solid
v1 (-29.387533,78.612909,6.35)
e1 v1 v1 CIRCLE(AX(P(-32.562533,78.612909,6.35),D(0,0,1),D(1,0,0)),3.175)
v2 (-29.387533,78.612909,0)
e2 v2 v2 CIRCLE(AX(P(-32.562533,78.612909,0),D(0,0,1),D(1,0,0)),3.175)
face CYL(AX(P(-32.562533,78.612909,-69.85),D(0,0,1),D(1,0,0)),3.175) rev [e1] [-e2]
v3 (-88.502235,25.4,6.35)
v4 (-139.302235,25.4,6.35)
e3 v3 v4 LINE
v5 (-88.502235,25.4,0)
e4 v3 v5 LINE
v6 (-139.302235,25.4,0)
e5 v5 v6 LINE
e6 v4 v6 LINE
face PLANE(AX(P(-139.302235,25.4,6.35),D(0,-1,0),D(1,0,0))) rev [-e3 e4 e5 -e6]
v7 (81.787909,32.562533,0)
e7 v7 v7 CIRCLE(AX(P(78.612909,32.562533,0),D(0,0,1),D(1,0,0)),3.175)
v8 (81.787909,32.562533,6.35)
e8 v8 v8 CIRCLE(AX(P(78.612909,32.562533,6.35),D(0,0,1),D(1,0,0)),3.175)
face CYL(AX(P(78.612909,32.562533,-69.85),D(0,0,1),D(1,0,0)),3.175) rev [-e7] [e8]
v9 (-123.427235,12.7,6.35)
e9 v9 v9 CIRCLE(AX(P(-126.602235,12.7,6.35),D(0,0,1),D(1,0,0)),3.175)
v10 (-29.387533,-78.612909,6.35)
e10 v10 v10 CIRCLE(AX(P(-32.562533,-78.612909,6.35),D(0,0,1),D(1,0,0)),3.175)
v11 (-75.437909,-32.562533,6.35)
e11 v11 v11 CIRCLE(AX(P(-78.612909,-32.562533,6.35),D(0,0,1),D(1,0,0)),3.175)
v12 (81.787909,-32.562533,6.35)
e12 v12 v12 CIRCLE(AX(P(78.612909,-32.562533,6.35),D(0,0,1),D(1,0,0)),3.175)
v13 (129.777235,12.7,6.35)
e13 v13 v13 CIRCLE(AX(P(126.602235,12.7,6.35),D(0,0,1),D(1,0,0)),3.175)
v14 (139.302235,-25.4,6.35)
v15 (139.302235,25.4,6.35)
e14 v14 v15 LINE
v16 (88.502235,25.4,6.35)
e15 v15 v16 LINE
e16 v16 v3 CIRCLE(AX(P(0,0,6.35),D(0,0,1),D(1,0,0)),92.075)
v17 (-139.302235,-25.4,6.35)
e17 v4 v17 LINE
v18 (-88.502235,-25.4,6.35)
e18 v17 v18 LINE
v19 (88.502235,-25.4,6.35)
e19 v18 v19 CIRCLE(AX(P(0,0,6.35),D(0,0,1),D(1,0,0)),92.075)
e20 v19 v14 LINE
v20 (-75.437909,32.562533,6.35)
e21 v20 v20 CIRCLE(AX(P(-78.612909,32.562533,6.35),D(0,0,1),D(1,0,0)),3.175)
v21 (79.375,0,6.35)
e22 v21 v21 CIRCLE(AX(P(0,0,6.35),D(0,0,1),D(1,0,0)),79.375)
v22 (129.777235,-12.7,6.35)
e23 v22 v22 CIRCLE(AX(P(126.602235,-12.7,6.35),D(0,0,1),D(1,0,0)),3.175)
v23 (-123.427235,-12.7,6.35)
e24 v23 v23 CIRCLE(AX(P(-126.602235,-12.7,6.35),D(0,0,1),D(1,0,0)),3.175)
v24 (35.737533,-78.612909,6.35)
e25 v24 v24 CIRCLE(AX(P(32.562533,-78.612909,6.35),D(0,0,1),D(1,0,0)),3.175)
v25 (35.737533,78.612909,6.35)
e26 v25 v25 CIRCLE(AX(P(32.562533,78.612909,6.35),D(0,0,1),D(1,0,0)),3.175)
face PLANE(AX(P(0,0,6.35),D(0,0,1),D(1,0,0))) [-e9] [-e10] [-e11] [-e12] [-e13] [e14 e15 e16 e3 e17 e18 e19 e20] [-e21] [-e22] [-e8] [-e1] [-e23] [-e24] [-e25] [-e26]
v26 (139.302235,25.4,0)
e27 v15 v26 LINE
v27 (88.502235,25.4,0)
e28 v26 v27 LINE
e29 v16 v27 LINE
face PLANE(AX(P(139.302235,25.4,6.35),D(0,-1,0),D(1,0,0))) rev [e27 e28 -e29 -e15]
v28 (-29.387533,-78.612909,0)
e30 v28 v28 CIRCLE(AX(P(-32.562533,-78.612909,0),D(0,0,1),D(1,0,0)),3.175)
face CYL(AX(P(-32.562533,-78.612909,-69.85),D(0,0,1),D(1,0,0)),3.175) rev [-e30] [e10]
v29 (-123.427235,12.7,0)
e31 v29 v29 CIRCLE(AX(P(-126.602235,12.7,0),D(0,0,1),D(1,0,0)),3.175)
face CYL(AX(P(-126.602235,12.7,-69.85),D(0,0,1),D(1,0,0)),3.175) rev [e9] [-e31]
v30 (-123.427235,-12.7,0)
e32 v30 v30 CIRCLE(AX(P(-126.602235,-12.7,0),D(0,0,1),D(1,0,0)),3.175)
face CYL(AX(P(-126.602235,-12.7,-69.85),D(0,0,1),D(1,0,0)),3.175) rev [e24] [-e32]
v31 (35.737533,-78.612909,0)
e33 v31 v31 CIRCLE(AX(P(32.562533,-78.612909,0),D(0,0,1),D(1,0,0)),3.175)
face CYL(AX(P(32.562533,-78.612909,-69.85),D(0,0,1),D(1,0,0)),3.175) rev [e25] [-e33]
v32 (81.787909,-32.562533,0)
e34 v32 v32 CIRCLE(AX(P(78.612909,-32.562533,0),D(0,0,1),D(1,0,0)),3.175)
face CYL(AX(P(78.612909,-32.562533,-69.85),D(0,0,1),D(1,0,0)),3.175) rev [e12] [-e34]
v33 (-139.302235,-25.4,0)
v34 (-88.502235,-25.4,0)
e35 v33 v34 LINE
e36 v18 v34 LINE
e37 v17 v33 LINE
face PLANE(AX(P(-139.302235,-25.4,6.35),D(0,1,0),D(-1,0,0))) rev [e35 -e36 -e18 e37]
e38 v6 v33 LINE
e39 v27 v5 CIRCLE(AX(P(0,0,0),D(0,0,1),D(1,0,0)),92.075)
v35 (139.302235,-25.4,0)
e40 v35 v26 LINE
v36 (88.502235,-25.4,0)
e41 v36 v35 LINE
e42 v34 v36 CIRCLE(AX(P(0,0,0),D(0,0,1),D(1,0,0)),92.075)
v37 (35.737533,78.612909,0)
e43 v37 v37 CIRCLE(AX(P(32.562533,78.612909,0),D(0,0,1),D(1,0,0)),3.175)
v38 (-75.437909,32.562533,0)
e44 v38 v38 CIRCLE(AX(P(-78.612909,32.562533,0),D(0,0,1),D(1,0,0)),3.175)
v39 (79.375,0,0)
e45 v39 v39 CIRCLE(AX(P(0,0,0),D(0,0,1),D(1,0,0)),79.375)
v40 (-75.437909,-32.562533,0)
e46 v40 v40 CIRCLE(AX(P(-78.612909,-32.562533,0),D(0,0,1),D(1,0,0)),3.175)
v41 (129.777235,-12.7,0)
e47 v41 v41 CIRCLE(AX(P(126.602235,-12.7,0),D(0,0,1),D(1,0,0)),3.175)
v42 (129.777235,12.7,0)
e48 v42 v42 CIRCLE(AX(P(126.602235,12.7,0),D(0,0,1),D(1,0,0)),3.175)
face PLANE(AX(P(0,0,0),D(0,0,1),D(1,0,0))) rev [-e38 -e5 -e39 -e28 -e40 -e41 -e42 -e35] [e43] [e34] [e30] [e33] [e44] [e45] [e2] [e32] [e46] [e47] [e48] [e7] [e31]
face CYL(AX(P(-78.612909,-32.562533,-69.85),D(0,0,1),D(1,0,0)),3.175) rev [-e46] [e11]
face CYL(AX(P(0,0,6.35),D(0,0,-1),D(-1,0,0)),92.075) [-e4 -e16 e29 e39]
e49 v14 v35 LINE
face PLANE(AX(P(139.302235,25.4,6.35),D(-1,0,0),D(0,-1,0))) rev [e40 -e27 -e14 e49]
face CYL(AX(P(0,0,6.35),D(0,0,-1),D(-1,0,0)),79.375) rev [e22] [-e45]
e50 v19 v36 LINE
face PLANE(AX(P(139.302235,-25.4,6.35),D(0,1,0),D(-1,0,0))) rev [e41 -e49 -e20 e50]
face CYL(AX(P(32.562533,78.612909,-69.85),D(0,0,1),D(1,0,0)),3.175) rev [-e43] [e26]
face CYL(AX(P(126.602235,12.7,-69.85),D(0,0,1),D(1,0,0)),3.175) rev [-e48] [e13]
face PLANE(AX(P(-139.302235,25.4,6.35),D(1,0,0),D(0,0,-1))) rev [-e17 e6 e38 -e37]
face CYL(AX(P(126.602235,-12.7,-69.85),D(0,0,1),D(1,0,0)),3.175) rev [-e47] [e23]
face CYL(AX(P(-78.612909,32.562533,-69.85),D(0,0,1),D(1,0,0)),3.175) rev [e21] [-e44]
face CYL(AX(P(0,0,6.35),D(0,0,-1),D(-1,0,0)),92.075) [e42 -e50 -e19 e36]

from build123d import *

# Parameters (mm, degrees)
SKETCH1_R           = 79.375
BOSS_EXTRUDE1_DEPTH = 6.35
SKETCH2_R           = 3.175
CUT_EXTRUDE1_DEPTH  = 76.2


with BuildPart() as part:
    # Sketch1 → Boss-Extrude1 (new body)
    with BuildSketch(Plane.XY):
        with BuildLine():
            Line((-139.302235141, 25.4), (-88.502235141, 25.4))
            ThreePointArc((-88.502235141, 25.4), (0, 92.075), (88.502235141, 25.4))
            Line((88.502235141, 25.4), (139.302235141, 25.4))
            Line((139.302235141, 25.4), (139.302235141, -25.4))
            Line((139.302235141, -25.4), (88.502235141, -25.4))
            ThreePointArc((88.502235141, -25.4), (0, -92.075), (-88.502235141, -25.4))
            Line((-88.502235141, -25.4), (-139.302235141, -25.4))
            Line((-139.302235141, -25.4), (-139.302235141, 25.4))
        make_face()
        Circle(SKETCH1_R, mode=Mode.SUBTRACT)
    extrude(amount=BOSS_EXTRUDE1_DEPTH)

    # Sketch2 → Cut-Extrude1 (cut)
    with BuildSketch(Plane.XY.offset(6.35)):
        with Locations((-126.602235141, -12.7)):
            Circle(SKETCH2_R)
        with Locations((-78.612909421, -32.56253326)):
            Circle(SKETCH2_R)
        with Locations((78.612909421, -32.56253326)):
            Circle(SKETCH2_R)
        with Locations((126.602235141, 12.7)):
            Circle(SKETCH2_R)
        with Locations((126.602235141, -12.7)):
            Circle(SKETCH2_R)
        with Locations((78.612909421, 32.56253326)):
            Circle(SKETCH2_R)
        with Locations((32.56253326, 78.612909421)):
            Circle(SKETCH2_R)
        with Locations((-126.602235141, 12.7)):
            Circle(SKETCH2_R)
        with Locations((-32.56253326, -78.612909421)):
            Circle(SKETCH2_R)
        with Locations((32.56253326, -78.612909421)):
            Circle(SKETCH2_R)
        with Locations((-32.56253326, 78.612909421)):
            Circle(SKETCH2_R)
        with Locations((-78.612909421, 32.56253326)):
            Circle(SKETCH2_R)
    extrude(amount=-CUT_EXTRUDE1_DEPTH, mode=Mode.SUBTRACT)


solid = part.part
